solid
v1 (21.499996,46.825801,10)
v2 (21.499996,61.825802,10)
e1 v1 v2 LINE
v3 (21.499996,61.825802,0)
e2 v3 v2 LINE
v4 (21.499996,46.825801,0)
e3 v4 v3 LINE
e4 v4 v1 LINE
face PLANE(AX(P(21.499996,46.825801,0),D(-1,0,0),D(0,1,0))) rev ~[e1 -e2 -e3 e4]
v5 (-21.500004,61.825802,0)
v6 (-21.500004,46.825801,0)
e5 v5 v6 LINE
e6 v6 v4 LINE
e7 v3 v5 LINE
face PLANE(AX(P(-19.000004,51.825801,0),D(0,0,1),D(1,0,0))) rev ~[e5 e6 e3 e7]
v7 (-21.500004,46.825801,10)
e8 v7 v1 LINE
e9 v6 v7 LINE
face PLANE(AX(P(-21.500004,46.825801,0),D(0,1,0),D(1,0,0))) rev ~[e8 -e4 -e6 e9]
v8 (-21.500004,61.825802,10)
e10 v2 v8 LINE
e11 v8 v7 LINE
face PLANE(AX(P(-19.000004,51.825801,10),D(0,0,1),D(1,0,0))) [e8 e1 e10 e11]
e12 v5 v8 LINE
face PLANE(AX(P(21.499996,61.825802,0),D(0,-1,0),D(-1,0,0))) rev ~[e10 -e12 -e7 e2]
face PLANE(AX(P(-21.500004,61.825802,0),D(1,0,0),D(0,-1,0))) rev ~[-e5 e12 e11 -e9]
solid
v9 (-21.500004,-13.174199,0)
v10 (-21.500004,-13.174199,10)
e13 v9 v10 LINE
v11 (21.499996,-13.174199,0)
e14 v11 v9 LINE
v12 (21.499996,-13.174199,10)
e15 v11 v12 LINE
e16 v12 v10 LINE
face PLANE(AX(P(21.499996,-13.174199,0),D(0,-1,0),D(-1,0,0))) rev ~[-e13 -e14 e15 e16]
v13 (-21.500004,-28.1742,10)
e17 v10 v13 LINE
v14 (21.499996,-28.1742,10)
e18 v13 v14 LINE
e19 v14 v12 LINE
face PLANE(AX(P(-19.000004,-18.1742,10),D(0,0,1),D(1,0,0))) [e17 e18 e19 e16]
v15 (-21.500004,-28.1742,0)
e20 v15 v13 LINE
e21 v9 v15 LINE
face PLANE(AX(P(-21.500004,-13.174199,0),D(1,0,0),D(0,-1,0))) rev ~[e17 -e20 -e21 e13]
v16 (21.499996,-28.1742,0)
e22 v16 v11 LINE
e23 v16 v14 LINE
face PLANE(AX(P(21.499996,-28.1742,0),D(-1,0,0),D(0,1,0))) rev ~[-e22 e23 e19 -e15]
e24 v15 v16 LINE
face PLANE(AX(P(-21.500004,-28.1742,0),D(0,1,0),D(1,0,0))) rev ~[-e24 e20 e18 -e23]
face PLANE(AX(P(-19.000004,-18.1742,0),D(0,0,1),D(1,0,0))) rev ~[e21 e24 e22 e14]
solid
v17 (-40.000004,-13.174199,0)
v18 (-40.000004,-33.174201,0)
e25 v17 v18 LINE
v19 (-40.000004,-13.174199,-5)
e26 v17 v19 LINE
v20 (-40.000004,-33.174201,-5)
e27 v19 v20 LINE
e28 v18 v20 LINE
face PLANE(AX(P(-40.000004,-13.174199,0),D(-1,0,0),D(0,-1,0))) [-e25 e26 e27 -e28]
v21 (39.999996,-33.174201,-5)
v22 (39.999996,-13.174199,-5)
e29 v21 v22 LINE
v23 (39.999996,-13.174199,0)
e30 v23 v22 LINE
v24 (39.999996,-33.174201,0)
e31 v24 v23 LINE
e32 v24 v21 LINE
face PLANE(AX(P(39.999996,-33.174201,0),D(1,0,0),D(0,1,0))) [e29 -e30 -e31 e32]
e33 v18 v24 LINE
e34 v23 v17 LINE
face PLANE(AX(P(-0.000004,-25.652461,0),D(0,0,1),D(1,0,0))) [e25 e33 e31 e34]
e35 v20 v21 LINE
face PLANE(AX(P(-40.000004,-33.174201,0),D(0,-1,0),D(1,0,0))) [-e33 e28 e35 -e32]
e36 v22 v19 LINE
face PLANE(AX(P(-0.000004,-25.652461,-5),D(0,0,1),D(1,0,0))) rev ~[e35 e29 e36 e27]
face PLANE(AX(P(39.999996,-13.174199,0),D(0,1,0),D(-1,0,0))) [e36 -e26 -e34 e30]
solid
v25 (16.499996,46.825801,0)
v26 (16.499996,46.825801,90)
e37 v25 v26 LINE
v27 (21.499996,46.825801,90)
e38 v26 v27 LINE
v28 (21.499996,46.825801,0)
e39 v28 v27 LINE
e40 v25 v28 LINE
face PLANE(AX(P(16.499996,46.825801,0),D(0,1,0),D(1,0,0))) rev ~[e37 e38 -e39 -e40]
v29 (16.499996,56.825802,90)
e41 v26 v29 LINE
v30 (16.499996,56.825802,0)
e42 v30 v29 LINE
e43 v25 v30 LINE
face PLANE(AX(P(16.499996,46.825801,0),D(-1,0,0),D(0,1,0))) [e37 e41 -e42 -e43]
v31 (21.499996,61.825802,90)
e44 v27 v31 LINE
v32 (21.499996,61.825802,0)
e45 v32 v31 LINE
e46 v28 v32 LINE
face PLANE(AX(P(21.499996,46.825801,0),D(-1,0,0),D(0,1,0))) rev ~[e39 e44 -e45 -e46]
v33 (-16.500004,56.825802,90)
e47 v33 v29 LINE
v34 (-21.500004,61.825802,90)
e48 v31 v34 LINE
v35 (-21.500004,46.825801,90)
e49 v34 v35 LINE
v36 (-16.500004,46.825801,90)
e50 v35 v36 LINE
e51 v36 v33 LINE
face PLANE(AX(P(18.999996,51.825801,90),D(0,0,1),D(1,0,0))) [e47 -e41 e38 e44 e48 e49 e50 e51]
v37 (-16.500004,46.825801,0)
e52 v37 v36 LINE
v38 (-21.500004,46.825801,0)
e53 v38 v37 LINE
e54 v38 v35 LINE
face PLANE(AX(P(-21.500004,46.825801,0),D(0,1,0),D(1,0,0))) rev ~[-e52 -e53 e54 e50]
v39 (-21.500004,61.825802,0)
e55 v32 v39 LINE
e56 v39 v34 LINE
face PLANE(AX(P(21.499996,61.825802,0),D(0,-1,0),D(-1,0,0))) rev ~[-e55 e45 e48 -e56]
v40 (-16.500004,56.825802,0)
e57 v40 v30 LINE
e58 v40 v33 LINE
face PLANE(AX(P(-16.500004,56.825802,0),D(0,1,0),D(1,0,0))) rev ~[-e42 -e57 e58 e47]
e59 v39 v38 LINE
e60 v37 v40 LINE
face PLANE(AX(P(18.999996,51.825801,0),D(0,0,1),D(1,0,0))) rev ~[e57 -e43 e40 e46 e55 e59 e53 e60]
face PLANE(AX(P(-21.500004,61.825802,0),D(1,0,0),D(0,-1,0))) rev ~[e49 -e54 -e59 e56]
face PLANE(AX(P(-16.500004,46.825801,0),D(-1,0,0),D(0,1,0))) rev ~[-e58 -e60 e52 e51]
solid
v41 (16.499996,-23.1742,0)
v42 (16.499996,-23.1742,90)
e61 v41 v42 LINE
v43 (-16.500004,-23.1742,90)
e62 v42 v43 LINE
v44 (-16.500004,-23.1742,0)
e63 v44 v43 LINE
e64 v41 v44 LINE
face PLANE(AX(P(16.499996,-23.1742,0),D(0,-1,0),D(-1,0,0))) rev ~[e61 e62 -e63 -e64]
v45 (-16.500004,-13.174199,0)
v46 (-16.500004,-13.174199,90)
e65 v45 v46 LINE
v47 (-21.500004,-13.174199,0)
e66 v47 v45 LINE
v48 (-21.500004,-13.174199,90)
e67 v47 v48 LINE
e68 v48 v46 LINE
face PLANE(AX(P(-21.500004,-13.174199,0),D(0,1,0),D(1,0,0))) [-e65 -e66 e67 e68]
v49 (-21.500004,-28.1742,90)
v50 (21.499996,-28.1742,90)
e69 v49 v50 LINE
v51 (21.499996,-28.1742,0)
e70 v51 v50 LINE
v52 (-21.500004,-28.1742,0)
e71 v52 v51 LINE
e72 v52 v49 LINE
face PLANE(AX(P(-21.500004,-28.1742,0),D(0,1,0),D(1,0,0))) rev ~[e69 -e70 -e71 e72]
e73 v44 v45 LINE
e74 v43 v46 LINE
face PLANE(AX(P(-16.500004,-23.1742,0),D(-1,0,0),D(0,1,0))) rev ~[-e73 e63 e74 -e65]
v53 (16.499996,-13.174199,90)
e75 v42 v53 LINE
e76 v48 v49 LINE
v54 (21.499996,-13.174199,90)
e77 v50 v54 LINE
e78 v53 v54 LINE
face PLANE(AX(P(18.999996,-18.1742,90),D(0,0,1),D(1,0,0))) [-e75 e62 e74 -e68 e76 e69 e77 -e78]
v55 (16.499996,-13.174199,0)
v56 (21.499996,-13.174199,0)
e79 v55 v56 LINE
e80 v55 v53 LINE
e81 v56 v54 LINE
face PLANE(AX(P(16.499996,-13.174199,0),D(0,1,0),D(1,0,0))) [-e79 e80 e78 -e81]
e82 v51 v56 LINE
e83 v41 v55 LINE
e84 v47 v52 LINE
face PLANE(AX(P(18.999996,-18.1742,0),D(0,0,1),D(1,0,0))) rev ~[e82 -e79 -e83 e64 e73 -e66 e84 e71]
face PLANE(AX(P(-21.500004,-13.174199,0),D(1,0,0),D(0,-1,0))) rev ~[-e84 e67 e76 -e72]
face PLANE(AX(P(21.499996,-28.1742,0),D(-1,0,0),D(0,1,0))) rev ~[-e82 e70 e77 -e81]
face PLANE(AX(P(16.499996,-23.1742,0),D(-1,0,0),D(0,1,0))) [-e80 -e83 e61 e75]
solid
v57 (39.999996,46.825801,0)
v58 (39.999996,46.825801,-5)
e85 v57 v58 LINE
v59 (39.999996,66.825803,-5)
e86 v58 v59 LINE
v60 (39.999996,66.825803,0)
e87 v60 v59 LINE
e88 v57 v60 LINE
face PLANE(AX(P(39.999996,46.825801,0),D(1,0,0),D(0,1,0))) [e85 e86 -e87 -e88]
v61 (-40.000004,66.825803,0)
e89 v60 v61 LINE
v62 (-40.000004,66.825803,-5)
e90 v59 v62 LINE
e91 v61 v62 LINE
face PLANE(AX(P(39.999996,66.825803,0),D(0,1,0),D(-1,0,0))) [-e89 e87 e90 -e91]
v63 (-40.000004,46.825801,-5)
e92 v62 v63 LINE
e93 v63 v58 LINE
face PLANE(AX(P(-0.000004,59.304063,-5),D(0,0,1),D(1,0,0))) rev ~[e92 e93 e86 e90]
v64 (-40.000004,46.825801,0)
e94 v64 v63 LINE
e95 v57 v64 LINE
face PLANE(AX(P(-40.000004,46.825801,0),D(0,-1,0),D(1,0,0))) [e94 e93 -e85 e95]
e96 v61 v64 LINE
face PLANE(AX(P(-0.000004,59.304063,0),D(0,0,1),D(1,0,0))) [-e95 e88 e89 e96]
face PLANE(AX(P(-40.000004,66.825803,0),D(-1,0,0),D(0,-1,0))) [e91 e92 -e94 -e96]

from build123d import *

# Parameters (mm, degrees)
F0_W     = 5
F0_H     = 10.0000009071
F0_W_2   = 33
F1_DEPTH = 5
F2_DEPTH = 10
F3_DEPTH = 90


with BuildPart() as f1:
    # F0 (on Top) → F1 (new body)
    with BuildSketch(Plane.XY):
        Polygon((-21.5000037253, -13.1741991769), (-40.0000037253, -13.1741991769), (-40.0000037253, -33.1742009911), (39.9999962747, -33.1742009911), (39.9999962747, -13.1741991769), (21.4999962747, -13.1741991769), (21.4999962747, -23.174200084), (21.4999962747, -28.174200084), (-21.5000037253, -28.174200084), (-21.5000037253, -23.174200084), align=None)
        with Locations((-19.0000037253, -18.1741996305)):
            Rectangle(F0_W, F0_H)
        with Locations((-3.7253e-06, -18.1741996305)):
            Rectangle(F0_W_2, F0_H)
        with Locations((18.9999962747, -18.1741996305)):
            Rectangle(F0_W, F0_H)
        Polygon((-16.5000037253, -23.174200084), (-21.5000037253, -23.174200084), (-21.5000037253, -28.174200084), (21.4999962747, -28.174200084), (21.4999962747, -23.174200084), (16.4999962747, -23.174200084), align=None)
    extrude(amount=-F1_DEPTH)


with BuildPart() as f1b:
    # F0 (on Top) → F1, piece 2 (new body)
    with BuildSketch(Plane.XY):
        Polygon((-40.0000037253, 66.8258026372), (-40.0000037253, 46.8258008231), (-21.5000037253, 46.8258008231), (-21.5000037253, 56.8258017302), (-21.5000037253, 61.8258017302), (21.4999962747, 61.8258017302), (21.4999962747, 56.8258017302), (21.4999962747, 46.8258008231), (39.9999962747, 46.8258008231), (39.9999962747, 66.8258026372), align=None)
        with Locations((-19.0000037253, 51.8258012766)):
            Rectangle(F0_W, F0_H)
        with Locations((-3.7253e-06, 51.8258012766)):
            Rectangle(F0_W_2, F0_H)
        with Locations((18.9999962747, 51.8258012766)):
            Rectangle(F0_W, F0_H)
        Polygon((-21.5000037253, 61.8258017302), (-21.5000037253, 56.8258017302), (-16.5000037253, 56.8258017302), (16.4999962747, 56.8258017302), (21.4999962747, 56.8258017302), (21.4999962747, 61.8258017302), align=None)
    extrude(amount=-F1_DEPTH)


with BuildPart() as f2:
    # F0 (on Top) → F2 (new body)
    with BuildSketch(Plane.XY):
        with Locations((-19.0000037253, -18.1741996305)):
            Rectangle(F0_W, F0_H)
        Polygon((-16.5000037253, -23.174200084), (-21.5000037253, -23.174200084), (-21.5000037253, -28.174200084), (21.4999962747, -28.174200084), (21.4999962747, -23.174200084), (16.4999962747, -23.174200084), align=None)
        with Locations((18.9999962747, -18.1741996305)):
            Rectangle(F0_W, F0_H)
        with Locations((-3.7253e-06, -18.1741996305)):
            Rectangle(F0_W_2, F0_H)
    extrude(amount=F2_DEPTH)


with BuildPart() as f2b:
    # F0 (on Top) → F2, piece 2 (new body)
    with BuildSketch(Plane.XY):
        with Locations((-19.0000037253, 51.8258012766)):
            Rectangle(F0_W, F0_H)
        Polygon((-21.5000037253, 61.8258017302), (-21.5000037253, 56.8258017302), (-16.5000037253, 56.8258017302), (16.4999962747, 56.8258017302), (21.4999962747, 56.8258017302), (21.4999962747, 61.8258017302), align=None)
        with Locations((18.9999962747, 51.8258012766)):
            Rectangle(F0_W, F0_H)
        with Locations((-3.7253e-06, 51.8258012766)):
            Rectangle(F0_W_2, F0_H)
    extrude(amount=F2_DEPTH)


with BuildPart() as f3:
    # F0 (on Top) → F3 (new body)
    with BuildSketch(Plane.XY):
        with Locations((18.9999962747, -18.1741996305)):
            Rectangle(F0_W, F0_H)
        Polygon((-16.5000037253, -23.174200084), (-21.5000037253, -23.174200084), (-21.5000037253, -28.174200084), (21.4999962747, -28.174200084), (21.4999962747, -23.174200084), (16.4999962747, -23.174200084), align=None)
        with Locations((-19.0000037253, -18.1741996305)):
            Rectangle(F0_W, F0_H)
    extrude(amount=F3_DEPTH)


with BuildPart() as f3b:
    # F0 (on Top) → F3, piece 2 (new body)
    with BuildSketch(Plane.XY):
        with Locations((18.9999962747, 51.8258012766)):
            Rectangle(F0_W, F0_H)
        Polygon((-21.5000037253, 61.8258017302), (-21.5000037253, 56.8258017302), (-16.5000037253, 56.8258017302), (16.4999962747, 56.8258017302), (21.4999962747, 56.8258017302), (21.4999962747, 61.8258017302), align=None)
        with Locations((-19.0000037253, 51.8258012766)):
            Rectangle(F0_W, F0_H)
    extrude(amount=F3_DEPTH)


solid = Compound([f1.part, f1b.part, f2.part, f2b.part, f3.part, f3b.part])
